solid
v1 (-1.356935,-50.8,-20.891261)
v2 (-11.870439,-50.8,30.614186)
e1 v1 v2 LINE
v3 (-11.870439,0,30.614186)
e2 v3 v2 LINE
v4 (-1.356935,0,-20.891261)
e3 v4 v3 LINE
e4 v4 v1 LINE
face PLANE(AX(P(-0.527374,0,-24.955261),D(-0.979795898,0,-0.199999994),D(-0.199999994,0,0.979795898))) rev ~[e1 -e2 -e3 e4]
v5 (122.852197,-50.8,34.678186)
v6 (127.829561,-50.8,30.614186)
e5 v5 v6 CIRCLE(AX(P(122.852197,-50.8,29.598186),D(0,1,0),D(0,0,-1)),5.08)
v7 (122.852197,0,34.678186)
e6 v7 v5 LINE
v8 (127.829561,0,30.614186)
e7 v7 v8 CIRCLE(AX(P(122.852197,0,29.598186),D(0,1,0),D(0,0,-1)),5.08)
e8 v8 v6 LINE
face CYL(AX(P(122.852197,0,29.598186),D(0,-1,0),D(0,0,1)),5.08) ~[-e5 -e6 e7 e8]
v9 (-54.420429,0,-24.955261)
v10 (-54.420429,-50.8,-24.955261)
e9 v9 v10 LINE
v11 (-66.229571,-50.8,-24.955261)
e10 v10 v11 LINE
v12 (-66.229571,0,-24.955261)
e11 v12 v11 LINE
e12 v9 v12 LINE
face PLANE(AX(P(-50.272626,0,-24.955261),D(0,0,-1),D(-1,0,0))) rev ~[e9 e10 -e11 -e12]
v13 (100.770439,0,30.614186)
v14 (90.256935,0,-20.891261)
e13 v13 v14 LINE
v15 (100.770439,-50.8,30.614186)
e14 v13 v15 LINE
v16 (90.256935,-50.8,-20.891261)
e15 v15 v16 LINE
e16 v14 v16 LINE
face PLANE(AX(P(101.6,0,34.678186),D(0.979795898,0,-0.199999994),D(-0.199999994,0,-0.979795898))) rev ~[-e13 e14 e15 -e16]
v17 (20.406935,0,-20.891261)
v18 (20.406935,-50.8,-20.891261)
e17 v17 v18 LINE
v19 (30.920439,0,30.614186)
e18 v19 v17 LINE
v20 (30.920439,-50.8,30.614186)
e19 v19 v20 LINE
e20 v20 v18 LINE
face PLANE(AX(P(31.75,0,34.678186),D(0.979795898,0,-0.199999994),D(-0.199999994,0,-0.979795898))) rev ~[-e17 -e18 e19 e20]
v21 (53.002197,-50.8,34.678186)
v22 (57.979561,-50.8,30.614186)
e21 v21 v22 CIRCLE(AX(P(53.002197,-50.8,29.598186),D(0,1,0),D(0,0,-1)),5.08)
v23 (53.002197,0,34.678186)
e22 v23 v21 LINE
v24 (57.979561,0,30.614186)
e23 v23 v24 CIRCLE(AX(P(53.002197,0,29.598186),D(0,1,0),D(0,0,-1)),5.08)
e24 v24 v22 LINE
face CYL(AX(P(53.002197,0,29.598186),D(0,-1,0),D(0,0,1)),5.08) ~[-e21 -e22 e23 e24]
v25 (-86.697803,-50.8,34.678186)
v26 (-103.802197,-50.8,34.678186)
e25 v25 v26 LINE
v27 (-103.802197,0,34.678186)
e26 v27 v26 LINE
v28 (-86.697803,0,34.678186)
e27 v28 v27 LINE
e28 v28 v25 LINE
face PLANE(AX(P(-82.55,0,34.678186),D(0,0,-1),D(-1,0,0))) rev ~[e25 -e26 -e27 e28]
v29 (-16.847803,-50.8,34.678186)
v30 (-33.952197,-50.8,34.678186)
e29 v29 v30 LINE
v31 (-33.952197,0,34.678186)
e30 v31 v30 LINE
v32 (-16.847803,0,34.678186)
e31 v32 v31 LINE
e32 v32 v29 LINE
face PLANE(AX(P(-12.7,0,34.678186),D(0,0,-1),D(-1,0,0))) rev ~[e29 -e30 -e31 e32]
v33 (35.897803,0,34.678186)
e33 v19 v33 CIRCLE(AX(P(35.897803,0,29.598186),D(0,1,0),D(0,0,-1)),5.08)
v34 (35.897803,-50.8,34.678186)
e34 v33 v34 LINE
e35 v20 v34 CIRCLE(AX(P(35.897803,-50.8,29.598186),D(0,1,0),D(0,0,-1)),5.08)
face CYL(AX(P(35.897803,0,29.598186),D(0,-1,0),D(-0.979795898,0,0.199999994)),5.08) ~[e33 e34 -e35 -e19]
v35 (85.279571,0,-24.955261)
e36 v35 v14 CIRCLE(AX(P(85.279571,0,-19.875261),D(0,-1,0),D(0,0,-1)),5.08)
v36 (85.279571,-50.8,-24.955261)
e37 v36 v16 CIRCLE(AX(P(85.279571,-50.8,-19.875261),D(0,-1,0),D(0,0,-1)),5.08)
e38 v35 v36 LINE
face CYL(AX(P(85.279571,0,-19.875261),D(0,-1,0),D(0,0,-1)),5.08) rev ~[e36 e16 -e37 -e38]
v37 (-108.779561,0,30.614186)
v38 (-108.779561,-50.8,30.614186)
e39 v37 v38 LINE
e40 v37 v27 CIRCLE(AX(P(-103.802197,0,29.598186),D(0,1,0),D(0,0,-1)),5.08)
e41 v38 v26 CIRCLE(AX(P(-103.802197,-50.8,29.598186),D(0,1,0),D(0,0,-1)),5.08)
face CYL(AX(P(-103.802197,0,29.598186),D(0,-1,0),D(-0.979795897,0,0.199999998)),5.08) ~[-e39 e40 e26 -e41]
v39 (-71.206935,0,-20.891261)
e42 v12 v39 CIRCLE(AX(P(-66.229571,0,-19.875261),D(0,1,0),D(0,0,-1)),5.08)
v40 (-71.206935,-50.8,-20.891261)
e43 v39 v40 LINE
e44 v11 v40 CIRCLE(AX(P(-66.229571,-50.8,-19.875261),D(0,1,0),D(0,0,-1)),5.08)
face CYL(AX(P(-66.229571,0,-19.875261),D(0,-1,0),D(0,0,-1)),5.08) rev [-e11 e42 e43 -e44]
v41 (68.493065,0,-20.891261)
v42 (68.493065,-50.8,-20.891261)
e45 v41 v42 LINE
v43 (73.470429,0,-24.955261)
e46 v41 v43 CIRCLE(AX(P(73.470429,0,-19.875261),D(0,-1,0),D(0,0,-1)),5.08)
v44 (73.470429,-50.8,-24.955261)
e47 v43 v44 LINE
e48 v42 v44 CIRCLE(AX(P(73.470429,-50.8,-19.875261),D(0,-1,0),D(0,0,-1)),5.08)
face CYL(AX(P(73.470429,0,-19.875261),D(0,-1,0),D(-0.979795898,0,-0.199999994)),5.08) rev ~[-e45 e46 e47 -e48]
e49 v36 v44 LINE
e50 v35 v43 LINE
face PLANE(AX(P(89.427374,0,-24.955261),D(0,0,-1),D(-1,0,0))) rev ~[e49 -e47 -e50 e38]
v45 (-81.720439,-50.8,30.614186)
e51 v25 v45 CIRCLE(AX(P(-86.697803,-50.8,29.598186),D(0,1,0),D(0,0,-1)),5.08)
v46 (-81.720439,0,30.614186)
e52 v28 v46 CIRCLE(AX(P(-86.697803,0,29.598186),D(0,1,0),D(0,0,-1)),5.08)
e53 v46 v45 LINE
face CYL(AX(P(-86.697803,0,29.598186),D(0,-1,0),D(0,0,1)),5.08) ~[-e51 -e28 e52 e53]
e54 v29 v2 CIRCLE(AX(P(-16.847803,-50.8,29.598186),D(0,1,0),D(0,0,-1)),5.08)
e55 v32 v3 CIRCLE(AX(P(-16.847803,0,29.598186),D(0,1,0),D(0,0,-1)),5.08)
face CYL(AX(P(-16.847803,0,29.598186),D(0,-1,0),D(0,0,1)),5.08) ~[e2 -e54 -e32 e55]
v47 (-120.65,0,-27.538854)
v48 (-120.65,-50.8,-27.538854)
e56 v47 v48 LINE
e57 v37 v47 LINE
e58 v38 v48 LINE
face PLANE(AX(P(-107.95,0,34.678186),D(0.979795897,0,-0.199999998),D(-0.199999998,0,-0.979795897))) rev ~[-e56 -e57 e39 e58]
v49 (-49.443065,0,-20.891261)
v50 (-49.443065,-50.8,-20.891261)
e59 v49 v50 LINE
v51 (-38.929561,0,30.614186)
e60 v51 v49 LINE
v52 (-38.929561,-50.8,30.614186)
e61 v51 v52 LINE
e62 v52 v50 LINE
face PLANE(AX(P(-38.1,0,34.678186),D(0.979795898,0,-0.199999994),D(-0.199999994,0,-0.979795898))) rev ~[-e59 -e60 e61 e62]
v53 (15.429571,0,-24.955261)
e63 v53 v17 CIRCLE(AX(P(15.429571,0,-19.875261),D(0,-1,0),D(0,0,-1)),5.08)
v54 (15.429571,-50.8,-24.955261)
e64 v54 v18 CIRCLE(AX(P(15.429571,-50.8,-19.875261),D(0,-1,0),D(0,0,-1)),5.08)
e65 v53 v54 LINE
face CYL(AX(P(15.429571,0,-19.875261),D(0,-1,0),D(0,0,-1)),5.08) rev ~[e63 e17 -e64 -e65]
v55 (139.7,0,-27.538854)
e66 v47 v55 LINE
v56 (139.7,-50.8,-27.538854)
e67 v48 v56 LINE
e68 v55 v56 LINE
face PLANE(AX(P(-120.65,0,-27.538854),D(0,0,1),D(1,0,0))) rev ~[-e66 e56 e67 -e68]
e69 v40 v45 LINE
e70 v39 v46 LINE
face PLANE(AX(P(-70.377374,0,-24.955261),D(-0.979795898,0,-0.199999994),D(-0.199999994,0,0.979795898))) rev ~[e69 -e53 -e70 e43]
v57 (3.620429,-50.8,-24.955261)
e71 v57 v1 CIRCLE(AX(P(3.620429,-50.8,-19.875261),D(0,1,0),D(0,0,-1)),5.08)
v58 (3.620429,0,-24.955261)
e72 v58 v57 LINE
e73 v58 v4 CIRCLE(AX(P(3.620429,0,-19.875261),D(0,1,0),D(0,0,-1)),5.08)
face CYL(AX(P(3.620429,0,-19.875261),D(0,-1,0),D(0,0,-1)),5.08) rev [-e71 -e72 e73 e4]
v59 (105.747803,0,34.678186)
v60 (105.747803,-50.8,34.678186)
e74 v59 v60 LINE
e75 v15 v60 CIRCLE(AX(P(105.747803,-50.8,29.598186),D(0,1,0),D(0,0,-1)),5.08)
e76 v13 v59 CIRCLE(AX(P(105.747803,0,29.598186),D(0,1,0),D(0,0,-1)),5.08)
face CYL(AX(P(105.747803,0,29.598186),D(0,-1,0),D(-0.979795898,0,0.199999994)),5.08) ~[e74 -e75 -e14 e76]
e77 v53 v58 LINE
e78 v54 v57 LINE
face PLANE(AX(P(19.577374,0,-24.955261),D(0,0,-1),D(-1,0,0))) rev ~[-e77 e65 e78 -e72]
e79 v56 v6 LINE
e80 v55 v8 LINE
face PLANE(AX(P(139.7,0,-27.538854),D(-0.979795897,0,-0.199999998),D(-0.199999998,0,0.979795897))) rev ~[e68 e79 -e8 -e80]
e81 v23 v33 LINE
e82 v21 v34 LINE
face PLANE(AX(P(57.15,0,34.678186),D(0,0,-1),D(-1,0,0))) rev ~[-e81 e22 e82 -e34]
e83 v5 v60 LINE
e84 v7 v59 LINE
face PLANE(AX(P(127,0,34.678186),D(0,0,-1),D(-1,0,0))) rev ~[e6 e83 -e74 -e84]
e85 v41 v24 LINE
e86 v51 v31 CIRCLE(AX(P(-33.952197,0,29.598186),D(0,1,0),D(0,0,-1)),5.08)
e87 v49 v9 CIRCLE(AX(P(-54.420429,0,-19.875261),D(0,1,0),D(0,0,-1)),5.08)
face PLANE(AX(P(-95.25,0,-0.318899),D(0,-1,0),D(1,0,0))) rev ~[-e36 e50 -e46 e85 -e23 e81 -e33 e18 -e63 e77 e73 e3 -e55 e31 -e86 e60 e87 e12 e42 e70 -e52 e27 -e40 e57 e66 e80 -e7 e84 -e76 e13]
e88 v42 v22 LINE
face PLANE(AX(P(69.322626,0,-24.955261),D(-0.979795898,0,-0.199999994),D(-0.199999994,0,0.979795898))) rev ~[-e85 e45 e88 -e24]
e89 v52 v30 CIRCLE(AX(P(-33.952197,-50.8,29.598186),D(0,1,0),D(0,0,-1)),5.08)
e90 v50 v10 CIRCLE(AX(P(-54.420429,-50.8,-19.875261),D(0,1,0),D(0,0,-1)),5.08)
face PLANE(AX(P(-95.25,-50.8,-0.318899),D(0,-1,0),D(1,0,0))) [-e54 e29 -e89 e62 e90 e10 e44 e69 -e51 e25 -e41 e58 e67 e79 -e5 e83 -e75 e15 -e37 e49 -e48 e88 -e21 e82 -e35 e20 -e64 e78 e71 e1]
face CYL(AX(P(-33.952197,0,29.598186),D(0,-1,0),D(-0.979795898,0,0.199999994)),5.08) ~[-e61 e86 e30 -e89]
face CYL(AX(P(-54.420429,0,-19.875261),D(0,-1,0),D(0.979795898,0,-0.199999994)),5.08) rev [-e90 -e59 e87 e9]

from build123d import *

# Parameters (mm, degrees)
F1_DEPTH = 50.8
F2_R     = 5.08
F3_R     = 5.08
F4_R     = 5.08
F5_R     = 5.08
F6_R     = 5.08
F7_R     = 5.08
F8_R     = 5.08
F9_R     = 5.08
F10_R    = 5.08
F11_R    = 5.08
F12_R    = 5.08
F13_R    = 5.08
F14_R    = 5.08
F15_R    = 5.08


with BuildPart() as f1:
    # F0 (on Front) → F1 (new body)
    with BuildSketch(Plane.XZ):
        Polygon((-107.95, 34.678186), (-120.65, -27.538854), (-69.85, -27.538854), (-70.377374, -24.955261), (-82.55, 34.678186), align=None)
        Polygon((-70.377374, -24.955261), (-69.85, -27.538854), (-50.8, -27.538854), (-50.272626, -24.955261), align=None)
        Polygon((-50.272626, -24.955261), (-50.8, -27.538854), (0, -27.538854), (-0.527374, -24.955261), (-12.7, 34.678186), (-38.1, 34.678186), align=None)
        Polygon((-0.527374, -24.955261), (0, -27.538854), (19.05, -27.538854), (19.577374, -24.955261), align=None)
        Polygon((19.577374, -24.955261), (19.05, -27.538854), (69.85, -27.538854), (69.322626, -24.955261), (57.15, 34.678186), (31.75, 34.678186), align=None)
        Polygon((69.322626, -24.955261), (69.85, -27.538854), (88.9, -27.538854), (89.427374, -24.955261), align=None)
        Polygon((89.427374, -24.955261), (88.9, -27.538854), (139.7, -27.538854), (127, 34.678186), (101.6, 34.678186), align=None)
    extrude(amount=F1_DEPTH)

    # F2
    f2_edges = [f1.edges().sort_by_distance(p)[0] for p in [
        (-50.272626, -25.4, -24.955261),
    ]]
    fillet(f2_edges, radius=F2_R)

    # F3
    f3_edges = [f1.edges().sort_by_distance(p)[0] for p in [
        (-70.377374, -25.4, -24.955261),
    ]]
    fillet(f3_edges, radius=F3_R)

    # F4
    f4_edges = [f1.edges().sort_by_distance(p)[0] for p in [
        (19.577374, -25.4, -24.955261),
    ]]
    fillet(f4_edges, radius=F4_R)

    # F5
    f5_edges = [f1.edges().sort_by_distance(p)[0] for p in [
        (-0.527374, -25.4, -24.955261),
    ]]
    fillet(f5_edges, radius=F5_R)

    # F6
    f6_edges = [f1.edges().sort_by_distance(p)[0] for p in [
        (69.322626, -25.4, -24.955261),
    ]]
    fillet(f6_edges, radius=F6_R)

    # F7
    f7_edges = [f1.edges().sort_by_distance(p)[0] for p in [
        (89.427374, -25.4, -24.955261),
    ]]
    fillet(f7_edges, radius=F7_R)

    # F8
    f8_edges = [f1.edges().sort_by_distance(p)[0] for p in [
        (-82.55, -25.4, 34.678186),
    ]]
    fillet(f8_edges, radius=F8_R)

    # F9
    f9_edges = [f1.edges().sort_by_distance(p)[0] for p in [
        (-38.1, -25.4, 34.678186),
    ]]
    fillet(f9_edges, radius=F9_R)

    # F10
    f10_edges = [f1.edges().sort_by_distance(p)[0] for p in [
        (-12.7, -25.4, 34.678186),
    ]]
    fillet(f10_edges, radius=F10_R)

    # F11
    f11_edges = [f1.edges().sort_by_distance(p)[0] for p in [
        (31.75, -25.4, 34.678186),
    ]]
    fillet(f11_edges, radius=F11_R)

    # F12
    f12_edges = [f1.edges().sort_by_distance(p)[0] for p in [
        (57.15, -25.4, 34.678186),
    ]]
    fillet(f12_edges, radius=F12_R)

    # F13
    f13_edges = [f1.edges().sort_by_distance(p)[0] for p in [
        (101.6, -25.4, 34.678186),
    ]]
    fillet(f13_edges, radius=F13_R)

    # F14
    f14_edges = [f1.edges().sort_by_distance(p)[0] for p in [
        (127, -25.4, 34.678186),
    ]]
    fillet(f14_edges, radius=F14_R)

    # F15
    f15_edges = [f1.edges().sort_by_distance(p)[0] for p in [
        (-107.95, -25.4, 34.678186),
    ]]
    fillet(f15_edges, radius=F15_R)


solid = f1.part
